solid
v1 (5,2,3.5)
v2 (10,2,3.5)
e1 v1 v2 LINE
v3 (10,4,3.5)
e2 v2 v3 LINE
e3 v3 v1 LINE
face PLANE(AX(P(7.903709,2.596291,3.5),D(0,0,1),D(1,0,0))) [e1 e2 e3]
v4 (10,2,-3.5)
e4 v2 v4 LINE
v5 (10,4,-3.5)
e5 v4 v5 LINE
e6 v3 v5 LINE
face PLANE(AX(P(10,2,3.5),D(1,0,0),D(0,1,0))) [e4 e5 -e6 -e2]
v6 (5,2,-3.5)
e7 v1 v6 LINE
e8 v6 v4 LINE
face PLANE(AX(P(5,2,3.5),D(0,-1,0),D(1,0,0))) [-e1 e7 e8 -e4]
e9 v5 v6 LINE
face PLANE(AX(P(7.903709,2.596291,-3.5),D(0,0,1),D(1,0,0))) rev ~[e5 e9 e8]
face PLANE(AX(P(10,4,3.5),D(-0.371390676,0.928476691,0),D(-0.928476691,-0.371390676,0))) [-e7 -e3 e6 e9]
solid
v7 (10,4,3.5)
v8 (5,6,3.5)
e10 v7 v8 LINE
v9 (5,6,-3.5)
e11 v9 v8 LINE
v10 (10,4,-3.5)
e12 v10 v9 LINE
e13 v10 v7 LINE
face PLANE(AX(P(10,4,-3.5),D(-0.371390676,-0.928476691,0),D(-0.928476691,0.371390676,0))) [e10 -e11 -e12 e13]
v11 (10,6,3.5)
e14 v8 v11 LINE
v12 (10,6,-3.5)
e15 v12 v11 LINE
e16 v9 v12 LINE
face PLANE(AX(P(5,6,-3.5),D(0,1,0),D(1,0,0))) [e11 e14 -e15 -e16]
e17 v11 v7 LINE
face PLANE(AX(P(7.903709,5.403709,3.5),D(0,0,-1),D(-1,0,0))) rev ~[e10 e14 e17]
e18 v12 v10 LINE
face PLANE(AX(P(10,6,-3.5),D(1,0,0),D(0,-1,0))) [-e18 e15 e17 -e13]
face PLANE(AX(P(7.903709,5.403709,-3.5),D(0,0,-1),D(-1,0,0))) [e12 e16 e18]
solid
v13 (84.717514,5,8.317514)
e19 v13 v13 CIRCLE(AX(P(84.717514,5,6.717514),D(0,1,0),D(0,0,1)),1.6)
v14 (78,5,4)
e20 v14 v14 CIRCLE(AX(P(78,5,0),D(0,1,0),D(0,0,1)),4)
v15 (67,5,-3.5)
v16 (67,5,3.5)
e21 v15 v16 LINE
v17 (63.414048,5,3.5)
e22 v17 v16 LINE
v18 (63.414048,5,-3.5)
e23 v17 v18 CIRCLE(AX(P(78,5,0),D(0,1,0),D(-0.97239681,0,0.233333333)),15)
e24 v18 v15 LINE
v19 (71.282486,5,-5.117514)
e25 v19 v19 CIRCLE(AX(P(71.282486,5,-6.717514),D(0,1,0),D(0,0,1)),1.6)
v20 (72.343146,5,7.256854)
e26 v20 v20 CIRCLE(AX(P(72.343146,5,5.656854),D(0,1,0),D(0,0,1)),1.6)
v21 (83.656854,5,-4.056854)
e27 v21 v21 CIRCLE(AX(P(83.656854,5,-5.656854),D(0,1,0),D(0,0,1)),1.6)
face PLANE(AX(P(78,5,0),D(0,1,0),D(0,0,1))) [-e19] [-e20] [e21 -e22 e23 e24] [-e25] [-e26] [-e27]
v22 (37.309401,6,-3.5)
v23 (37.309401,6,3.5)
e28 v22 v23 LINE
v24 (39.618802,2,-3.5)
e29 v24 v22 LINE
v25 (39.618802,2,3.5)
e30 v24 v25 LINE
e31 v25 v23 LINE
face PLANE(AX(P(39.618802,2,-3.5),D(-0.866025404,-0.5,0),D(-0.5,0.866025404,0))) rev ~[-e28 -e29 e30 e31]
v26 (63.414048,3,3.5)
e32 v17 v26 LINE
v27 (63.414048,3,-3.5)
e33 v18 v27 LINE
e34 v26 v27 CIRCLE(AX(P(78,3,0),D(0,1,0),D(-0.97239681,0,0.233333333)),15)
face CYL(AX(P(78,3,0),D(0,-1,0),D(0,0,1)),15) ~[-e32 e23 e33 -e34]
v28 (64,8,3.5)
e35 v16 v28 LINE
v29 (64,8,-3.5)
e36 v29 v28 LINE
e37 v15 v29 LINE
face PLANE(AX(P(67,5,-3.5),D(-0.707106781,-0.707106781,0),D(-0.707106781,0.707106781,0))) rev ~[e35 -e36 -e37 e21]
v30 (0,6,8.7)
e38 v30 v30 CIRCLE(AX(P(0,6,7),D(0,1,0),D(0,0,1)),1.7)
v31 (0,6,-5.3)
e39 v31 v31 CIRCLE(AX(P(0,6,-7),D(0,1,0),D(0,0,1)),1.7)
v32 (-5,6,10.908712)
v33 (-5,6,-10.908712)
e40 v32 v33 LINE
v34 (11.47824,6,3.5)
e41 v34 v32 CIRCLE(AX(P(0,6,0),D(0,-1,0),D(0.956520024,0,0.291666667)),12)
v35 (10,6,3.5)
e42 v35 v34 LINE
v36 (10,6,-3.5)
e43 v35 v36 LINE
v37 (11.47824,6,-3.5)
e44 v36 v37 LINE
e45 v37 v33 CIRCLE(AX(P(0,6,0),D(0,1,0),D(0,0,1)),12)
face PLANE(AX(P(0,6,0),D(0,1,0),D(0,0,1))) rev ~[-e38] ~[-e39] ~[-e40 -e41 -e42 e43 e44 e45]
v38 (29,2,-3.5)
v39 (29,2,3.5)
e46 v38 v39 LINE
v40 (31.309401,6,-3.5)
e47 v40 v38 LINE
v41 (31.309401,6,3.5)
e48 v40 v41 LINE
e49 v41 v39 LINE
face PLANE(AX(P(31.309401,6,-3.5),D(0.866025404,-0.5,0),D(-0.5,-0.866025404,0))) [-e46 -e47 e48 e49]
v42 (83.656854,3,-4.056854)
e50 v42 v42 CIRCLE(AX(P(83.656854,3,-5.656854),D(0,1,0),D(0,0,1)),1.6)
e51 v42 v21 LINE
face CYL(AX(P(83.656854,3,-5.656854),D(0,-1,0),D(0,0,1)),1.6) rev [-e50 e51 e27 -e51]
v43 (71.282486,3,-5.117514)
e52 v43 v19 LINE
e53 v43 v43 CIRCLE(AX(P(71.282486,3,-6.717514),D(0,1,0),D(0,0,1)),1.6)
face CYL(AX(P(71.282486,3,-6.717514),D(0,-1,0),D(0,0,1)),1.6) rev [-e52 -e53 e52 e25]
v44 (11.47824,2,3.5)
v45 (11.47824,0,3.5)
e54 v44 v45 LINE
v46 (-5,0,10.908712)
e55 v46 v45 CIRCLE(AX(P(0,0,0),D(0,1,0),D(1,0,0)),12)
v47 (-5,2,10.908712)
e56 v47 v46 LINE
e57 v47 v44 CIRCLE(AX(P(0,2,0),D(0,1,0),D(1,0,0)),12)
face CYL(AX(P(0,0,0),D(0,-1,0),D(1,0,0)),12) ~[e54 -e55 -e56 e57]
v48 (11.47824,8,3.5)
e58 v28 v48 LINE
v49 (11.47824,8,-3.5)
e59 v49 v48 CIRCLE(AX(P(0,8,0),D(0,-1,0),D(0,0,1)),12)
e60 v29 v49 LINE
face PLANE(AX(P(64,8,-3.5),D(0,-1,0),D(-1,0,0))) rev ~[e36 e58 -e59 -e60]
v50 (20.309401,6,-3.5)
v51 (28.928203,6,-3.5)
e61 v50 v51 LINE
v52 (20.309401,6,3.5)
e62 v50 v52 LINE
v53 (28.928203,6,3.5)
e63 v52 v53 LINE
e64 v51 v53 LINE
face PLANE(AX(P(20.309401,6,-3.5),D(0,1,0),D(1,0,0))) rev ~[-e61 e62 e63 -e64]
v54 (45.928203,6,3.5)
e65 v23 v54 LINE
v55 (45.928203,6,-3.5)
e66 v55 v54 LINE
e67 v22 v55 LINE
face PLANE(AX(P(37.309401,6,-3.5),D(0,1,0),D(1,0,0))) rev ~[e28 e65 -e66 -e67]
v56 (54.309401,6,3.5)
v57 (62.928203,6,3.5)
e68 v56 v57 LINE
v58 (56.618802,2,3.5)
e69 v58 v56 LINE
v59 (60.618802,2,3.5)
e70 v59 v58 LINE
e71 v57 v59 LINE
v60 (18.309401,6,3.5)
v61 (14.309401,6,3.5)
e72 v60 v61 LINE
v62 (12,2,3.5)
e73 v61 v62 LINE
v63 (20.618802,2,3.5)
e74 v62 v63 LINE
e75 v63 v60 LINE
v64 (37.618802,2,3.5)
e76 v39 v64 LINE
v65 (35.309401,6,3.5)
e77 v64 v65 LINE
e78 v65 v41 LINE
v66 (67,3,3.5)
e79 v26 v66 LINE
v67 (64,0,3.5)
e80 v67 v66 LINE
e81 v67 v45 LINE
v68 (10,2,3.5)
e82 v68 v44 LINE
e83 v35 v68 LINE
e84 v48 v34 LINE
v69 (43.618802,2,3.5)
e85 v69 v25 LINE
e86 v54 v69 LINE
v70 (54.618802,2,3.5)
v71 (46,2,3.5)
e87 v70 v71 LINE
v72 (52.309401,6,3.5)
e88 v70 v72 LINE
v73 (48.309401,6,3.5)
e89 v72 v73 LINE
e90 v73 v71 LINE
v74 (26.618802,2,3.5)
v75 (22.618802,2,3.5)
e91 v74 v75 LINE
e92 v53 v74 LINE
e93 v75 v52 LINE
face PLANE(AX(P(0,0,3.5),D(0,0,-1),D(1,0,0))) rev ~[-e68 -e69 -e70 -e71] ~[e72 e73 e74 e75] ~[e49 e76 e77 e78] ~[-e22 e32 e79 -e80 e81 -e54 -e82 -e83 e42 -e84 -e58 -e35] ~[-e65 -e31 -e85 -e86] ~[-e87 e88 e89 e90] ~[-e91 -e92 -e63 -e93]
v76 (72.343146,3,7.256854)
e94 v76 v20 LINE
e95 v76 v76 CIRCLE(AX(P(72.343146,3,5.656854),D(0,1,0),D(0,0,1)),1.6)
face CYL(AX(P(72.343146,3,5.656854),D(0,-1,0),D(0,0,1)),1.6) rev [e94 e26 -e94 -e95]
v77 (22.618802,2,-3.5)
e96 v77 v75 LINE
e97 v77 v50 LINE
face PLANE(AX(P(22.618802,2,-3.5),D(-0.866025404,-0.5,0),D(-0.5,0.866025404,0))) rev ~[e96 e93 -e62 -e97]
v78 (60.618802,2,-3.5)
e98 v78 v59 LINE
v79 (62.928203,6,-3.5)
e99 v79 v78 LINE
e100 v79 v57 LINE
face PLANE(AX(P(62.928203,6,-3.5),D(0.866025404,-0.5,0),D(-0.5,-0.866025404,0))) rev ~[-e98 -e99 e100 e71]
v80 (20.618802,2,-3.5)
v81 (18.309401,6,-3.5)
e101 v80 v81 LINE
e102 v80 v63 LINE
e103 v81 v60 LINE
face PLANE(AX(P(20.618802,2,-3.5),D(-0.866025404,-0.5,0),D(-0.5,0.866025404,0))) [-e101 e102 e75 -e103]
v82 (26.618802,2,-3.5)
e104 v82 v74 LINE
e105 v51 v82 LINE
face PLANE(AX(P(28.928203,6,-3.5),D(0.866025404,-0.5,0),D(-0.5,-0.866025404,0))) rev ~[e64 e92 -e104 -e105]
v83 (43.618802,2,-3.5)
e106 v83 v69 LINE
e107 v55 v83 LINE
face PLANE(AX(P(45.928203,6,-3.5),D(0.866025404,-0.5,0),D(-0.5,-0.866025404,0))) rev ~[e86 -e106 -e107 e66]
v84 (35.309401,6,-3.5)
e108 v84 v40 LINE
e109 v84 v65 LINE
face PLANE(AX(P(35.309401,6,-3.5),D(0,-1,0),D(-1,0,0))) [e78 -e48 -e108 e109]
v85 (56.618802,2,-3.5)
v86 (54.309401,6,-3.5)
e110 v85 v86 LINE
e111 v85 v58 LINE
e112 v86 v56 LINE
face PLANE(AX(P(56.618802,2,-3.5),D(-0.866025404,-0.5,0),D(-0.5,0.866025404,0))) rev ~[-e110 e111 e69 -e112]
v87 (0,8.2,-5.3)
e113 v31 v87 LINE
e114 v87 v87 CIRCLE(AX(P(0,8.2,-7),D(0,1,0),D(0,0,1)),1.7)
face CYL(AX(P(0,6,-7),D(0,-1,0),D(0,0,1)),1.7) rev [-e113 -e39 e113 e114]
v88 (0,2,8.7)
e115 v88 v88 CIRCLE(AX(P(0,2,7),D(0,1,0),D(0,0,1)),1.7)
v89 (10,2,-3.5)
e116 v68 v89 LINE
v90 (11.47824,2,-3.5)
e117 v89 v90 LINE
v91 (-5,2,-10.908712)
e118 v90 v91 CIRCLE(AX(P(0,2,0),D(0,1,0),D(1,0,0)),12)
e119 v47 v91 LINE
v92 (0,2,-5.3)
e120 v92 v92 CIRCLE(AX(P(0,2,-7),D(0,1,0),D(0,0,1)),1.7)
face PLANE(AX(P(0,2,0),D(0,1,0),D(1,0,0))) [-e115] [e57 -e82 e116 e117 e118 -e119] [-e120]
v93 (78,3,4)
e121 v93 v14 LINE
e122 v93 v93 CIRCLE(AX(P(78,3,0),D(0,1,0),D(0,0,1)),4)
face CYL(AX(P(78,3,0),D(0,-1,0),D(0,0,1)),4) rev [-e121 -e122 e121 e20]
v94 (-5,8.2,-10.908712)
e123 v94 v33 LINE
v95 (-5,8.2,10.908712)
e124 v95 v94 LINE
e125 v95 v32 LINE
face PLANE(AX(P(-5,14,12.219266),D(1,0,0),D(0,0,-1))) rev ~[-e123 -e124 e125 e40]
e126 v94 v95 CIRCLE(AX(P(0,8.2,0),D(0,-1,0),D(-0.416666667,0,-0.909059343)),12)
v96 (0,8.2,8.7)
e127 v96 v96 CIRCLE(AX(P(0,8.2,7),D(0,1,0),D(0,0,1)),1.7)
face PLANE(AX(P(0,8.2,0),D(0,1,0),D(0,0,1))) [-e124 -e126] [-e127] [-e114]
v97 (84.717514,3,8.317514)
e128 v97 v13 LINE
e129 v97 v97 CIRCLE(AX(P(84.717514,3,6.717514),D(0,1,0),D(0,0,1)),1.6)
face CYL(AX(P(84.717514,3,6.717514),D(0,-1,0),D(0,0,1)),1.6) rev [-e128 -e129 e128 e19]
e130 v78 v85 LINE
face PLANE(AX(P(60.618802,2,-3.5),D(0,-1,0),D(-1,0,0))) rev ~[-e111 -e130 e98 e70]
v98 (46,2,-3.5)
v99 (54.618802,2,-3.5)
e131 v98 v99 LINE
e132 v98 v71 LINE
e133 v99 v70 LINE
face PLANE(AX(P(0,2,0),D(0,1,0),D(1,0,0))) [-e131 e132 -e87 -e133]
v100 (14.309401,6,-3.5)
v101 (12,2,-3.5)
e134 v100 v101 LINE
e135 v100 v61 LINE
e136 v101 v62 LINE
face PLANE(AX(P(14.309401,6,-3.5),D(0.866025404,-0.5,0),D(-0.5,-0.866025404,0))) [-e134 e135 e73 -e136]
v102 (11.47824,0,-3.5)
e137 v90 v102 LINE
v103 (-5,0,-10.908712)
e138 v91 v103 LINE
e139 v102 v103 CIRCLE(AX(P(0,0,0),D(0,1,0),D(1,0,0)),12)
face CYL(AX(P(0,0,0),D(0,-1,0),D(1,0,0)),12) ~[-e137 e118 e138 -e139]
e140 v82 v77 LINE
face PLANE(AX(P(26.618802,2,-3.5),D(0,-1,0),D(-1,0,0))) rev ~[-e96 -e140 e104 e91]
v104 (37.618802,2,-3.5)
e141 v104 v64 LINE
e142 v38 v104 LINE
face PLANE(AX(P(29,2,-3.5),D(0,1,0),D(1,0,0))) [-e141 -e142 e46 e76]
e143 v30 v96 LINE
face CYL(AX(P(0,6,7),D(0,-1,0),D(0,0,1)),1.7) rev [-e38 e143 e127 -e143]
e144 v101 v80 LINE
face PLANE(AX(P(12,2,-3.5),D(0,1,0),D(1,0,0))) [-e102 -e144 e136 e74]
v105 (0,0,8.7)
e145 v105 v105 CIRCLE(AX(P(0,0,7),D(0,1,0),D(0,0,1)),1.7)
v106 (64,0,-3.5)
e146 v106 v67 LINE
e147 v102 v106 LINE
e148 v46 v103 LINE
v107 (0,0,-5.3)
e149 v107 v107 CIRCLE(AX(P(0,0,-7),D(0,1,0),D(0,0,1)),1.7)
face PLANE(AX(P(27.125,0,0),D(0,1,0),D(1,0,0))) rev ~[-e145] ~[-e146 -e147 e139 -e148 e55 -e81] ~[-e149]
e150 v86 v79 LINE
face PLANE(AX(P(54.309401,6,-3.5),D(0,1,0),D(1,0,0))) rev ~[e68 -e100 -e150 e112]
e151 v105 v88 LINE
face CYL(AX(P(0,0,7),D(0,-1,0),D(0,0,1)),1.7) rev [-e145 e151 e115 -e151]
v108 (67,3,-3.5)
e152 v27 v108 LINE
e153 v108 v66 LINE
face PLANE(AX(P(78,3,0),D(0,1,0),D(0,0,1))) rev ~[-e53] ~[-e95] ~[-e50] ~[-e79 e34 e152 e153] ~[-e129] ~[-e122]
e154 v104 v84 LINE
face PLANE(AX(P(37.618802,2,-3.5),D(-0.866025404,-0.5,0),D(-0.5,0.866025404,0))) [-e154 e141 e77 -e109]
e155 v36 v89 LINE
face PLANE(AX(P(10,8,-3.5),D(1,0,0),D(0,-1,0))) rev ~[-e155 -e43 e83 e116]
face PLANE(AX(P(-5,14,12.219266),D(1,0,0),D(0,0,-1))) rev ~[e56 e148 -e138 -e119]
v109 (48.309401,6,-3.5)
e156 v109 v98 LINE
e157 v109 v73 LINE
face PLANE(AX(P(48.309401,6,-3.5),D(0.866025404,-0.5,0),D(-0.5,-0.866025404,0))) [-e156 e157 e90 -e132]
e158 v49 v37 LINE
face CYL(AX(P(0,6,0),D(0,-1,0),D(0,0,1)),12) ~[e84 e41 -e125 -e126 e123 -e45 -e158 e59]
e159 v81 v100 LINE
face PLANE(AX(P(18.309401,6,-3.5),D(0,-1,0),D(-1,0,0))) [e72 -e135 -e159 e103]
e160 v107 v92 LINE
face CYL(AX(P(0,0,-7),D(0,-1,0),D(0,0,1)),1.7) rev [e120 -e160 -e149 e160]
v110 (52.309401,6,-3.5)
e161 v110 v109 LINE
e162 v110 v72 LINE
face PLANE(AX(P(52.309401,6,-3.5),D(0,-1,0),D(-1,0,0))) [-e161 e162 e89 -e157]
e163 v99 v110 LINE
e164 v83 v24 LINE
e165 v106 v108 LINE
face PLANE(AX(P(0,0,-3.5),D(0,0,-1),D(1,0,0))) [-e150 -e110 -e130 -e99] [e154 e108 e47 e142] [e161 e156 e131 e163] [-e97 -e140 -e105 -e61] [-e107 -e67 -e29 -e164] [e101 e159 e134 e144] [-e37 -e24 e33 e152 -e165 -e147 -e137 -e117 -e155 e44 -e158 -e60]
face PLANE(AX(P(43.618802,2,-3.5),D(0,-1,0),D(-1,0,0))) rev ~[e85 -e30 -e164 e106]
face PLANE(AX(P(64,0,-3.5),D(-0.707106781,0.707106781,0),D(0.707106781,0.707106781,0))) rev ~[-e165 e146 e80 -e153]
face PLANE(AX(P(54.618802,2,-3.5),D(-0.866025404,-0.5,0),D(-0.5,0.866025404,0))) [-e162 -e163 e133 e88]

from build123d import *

# Parameters (mm, degrees)
SKETCH_1_W               = 54.25
SKETCH_1_H               = 7
EXTRUDE_1_DEPTH          = 2
SKETCH_2_R               = 12
SKETCH_2_R_2             = 1.7
EXTRUDE_2_DEPTH          = 2
EXTRUDE_START            = 6
SKETCH_3_R               = 12
SKETCH_3_R_2             = 1.7
EXTRUDE_3_DEPTH          = 2.2
EXTRUDE_5_DEPTH          = 1
EXTRUDE_5_DEPTH_BACK     = 1
SKETCH_5_R               = 15
SKETCH_5_R_2             = 1.6
SKETCH_5_R_3             = 4
EXTRUDE_START_2          = -3.5
EXTRUDE_6_DEPTH          = 7
GUSSET_1_THICKNESS       = 7
GUSSET_2_THICKNESS       = 7
CUT_EXTRUDE_1_DEPTH      = 10
CUT_EXTRUDE_1_DEPTH_BACK = 10
SKETCH_9_W               = 10
SKETCH_9_H               = 24.43853107


with BuildPart() as part:
    # 草图1 → 凸台-拉伸1 (new body)
    with BuildSketch(Plane(origin=(0, 0, 0), x_dir=(1, 0, 0), z_dir=(0, 1, 0))):
        with Locations((27.125, 0)):
            Rectangle(SKETCH_1_W, SKETCH_1_H)
    extrude(amount=EXTRUDE_1_DEPTH)

    # 草图2 → 凸台-拉伸2 (add)
    with BuildSketch(Plane(origin=(0, 0, 0), x_dir=(1, 0, 0), z_dir=(0, 1, 0))):
        Circle(SKETCH_2_R)
        with Locations(Location((0, -7, 0), (0, 0, 270))):
            Circle(SKETCH_2_R_2, mode=Mode.SUBTRACT)
        with Locations(Location((0, 7, 0), (0, 0, 270))):
            Circle(SKETCH_2_R_2, mode=Mode.SUBTRACT)
    extrude(amount=EXTRUDE_2_DEPTH)



with BuildPart() as body_2:
    # 草图3 → 凸台-拉伸3 (new body)
    with BuildSketch(Plane(origin=(0, 0, 0), x_dir=(1, 0, 0), z_dir=(0, 1, 0)).offset(EXTRUDE_START)):
        with Locations(Location((0, 0, 0), (0, 0, 270))):
            Circle(SKETCH_3_R)
        with Locations(Location((0, -7, 0), (0, 0, 270))):
            Circle(SKETCH_3_R_2, mode=Mode.SUBTRACT)
        with Locations(Location((0, 7, 0), (0, 0, 270))):
            Circle(SKETCH_3_R_2, mode=Mode.SUBTRACT)
    extrude(amount=EXTRUDE_3_DEPTH)


with BuildPart() as body_3:
    # 草图5 → 凸台-拉伸5 (new, two sides: drawn at the far end of the back side and taken through both)
    with BuildSketch(Plane(origin=(0, 4, 0), x_dir=(1, 0, 0), z_dir=(0, 1, 0)).offset(-EXTRUDE_5_DEPTH_BACK)):
        with Locations(Location((78, 0, 0), (0, 0, 270))):
            Circle(SKETCH_5_R)
        with Locations(Location((72.343145751, -5.656854249, 0), (0, 0, 270))):
            Circle(SKETCH_5_R_2, mode=Mode.SUBTRACT)
        with Locations(Location((71.282485579, 6.717514421, 0), (0, 0, 270))):
            Circle(SKETCH_5_R_2, mode=Mode.SUBTRACT)
        with Locations(Location((84.717514421, -6.717514421, 0), (0, 0, 270))):
            Circle(SKETCH_5_R_2, mode=Mode.SUBTRACT)
        with Locations(Location((83.656854249, 5.656854249, 0), (0, 0, 270))):
            Circle(SKETCH_5_R_2, mode=Mode.SUBTRACT)
        with Locations(Location((78, 0, 0), (0, 0, 270))):
            Circle(SKETCH_5_R_3, mode=Mode.SUBTRACT)
    extrude(amount=EXTRUDE_5_DEPTH + EXTRUDE_5_DEPTH_BACK)


with BuildPart() as part_1:
    add(part.part)

    add(body_2.part)  # 凸台-拉伸6 merges body 2

    add(body_3.part)  # 凸台-拉伸6 merges body 3
    # 草图6 → 凸台-拉伸6 (add)
    with BuildSketch(Plane.XY.offset(EXTRUDE_START_2)):
        Polygon((10, 0), (64, 0), (67, 3), (67, 5), (64, 8), (10, 8), align=None)
        Polygon((31.309401077, 6), (29, 2), (37.618802154, 2), (35.309401077, 6), align=None, mode=Mode.SUBTRACT)
        Polygon((12, 2), (20.618802154, 2), (18.309401077, 6), (14.309401077, 6), align=None, mode=Mode.SUBTRACT)
        Polygon((20.309401077, 6), (28.92820323, 6), (26.618802154, 2), (22.618802154, 2), align=None, mode=Mode.SUBTRACT)
        Polygon((39.618802154, 2), (37.309401077, 6), (45.92820323, 6), (43.618802154, 2), align=None, mode=Mode.SUBTRACT)
        Polygon((48.309401077, 6), (46, 2), (54.618802154, 2), (52.309401077, 6), align=None, mode=Mode.SUBTRACT)
        Polygon((56.618802154, 2), (54.309401077, 6), (62.92820323, 6), (60.618802154, 2), align=None, mode=Mode.SUBTRACT)
    extrude(amount=EXTRUDE_6_DEPTH)

    # 草图9 → 切除-拉伸1 (cut, two sides: drawn at the far end of the back side and taken through both)
    with BuildSketch(Plane(origin=(0, 4, 0), x_dir=(-1, 0, 0), z_dir=(0, -1, 0)).offset(-CUT_EXTRUDE_1_DEPTH_BACK)):
        with Locations((10, 0)):
            Rectangle(SKETCH_9_W, SKETCH_9_H)
    extrude(amount=CUT_EXTRUDE_1_DEPTH + CUT_EXTRUDE_1_DEPTH_BACK, mode=Mode.SUBTRACT)


with BuildPart() as body_2_2:
    # Gusset 1: a gusset: a plate 7.0 thick in the corner of two members, its outline drawn in place
    gusset_1_outline = Wire([Line((10, 6, -3.5), (10, 4, -3.5)), Line((10, 4, -3.5), (5, 6, -3.5)), Line((5, 6, -3.5), (10, 6, -3.5))])
    add(extrude(Face(gusset_1_outline), amount=GUSSET_1_THICKNESS, dir=(0, 0, 1)))


with BuildPart() as body_3_2:
    # Gusset 2: a gusset: a plate 7.0 thick in the corner of two members, its outline drawn in place
    gusset_2_outline = Wire([Line((10, 2, 3.5), (10, 4, 3.5)), Line((10, 4, 3.5), (5, 2, 3.5)), Line((5, 2, 3.5), (10, 2, 3.5))])
    add(extrude(Face(gusset_2_outline), amount=GUSSET_2_THICKNESS, dir=(0, 0, -1)))


solid = Compound([part_1.part, body_2_2.part, body_3_2.part])
